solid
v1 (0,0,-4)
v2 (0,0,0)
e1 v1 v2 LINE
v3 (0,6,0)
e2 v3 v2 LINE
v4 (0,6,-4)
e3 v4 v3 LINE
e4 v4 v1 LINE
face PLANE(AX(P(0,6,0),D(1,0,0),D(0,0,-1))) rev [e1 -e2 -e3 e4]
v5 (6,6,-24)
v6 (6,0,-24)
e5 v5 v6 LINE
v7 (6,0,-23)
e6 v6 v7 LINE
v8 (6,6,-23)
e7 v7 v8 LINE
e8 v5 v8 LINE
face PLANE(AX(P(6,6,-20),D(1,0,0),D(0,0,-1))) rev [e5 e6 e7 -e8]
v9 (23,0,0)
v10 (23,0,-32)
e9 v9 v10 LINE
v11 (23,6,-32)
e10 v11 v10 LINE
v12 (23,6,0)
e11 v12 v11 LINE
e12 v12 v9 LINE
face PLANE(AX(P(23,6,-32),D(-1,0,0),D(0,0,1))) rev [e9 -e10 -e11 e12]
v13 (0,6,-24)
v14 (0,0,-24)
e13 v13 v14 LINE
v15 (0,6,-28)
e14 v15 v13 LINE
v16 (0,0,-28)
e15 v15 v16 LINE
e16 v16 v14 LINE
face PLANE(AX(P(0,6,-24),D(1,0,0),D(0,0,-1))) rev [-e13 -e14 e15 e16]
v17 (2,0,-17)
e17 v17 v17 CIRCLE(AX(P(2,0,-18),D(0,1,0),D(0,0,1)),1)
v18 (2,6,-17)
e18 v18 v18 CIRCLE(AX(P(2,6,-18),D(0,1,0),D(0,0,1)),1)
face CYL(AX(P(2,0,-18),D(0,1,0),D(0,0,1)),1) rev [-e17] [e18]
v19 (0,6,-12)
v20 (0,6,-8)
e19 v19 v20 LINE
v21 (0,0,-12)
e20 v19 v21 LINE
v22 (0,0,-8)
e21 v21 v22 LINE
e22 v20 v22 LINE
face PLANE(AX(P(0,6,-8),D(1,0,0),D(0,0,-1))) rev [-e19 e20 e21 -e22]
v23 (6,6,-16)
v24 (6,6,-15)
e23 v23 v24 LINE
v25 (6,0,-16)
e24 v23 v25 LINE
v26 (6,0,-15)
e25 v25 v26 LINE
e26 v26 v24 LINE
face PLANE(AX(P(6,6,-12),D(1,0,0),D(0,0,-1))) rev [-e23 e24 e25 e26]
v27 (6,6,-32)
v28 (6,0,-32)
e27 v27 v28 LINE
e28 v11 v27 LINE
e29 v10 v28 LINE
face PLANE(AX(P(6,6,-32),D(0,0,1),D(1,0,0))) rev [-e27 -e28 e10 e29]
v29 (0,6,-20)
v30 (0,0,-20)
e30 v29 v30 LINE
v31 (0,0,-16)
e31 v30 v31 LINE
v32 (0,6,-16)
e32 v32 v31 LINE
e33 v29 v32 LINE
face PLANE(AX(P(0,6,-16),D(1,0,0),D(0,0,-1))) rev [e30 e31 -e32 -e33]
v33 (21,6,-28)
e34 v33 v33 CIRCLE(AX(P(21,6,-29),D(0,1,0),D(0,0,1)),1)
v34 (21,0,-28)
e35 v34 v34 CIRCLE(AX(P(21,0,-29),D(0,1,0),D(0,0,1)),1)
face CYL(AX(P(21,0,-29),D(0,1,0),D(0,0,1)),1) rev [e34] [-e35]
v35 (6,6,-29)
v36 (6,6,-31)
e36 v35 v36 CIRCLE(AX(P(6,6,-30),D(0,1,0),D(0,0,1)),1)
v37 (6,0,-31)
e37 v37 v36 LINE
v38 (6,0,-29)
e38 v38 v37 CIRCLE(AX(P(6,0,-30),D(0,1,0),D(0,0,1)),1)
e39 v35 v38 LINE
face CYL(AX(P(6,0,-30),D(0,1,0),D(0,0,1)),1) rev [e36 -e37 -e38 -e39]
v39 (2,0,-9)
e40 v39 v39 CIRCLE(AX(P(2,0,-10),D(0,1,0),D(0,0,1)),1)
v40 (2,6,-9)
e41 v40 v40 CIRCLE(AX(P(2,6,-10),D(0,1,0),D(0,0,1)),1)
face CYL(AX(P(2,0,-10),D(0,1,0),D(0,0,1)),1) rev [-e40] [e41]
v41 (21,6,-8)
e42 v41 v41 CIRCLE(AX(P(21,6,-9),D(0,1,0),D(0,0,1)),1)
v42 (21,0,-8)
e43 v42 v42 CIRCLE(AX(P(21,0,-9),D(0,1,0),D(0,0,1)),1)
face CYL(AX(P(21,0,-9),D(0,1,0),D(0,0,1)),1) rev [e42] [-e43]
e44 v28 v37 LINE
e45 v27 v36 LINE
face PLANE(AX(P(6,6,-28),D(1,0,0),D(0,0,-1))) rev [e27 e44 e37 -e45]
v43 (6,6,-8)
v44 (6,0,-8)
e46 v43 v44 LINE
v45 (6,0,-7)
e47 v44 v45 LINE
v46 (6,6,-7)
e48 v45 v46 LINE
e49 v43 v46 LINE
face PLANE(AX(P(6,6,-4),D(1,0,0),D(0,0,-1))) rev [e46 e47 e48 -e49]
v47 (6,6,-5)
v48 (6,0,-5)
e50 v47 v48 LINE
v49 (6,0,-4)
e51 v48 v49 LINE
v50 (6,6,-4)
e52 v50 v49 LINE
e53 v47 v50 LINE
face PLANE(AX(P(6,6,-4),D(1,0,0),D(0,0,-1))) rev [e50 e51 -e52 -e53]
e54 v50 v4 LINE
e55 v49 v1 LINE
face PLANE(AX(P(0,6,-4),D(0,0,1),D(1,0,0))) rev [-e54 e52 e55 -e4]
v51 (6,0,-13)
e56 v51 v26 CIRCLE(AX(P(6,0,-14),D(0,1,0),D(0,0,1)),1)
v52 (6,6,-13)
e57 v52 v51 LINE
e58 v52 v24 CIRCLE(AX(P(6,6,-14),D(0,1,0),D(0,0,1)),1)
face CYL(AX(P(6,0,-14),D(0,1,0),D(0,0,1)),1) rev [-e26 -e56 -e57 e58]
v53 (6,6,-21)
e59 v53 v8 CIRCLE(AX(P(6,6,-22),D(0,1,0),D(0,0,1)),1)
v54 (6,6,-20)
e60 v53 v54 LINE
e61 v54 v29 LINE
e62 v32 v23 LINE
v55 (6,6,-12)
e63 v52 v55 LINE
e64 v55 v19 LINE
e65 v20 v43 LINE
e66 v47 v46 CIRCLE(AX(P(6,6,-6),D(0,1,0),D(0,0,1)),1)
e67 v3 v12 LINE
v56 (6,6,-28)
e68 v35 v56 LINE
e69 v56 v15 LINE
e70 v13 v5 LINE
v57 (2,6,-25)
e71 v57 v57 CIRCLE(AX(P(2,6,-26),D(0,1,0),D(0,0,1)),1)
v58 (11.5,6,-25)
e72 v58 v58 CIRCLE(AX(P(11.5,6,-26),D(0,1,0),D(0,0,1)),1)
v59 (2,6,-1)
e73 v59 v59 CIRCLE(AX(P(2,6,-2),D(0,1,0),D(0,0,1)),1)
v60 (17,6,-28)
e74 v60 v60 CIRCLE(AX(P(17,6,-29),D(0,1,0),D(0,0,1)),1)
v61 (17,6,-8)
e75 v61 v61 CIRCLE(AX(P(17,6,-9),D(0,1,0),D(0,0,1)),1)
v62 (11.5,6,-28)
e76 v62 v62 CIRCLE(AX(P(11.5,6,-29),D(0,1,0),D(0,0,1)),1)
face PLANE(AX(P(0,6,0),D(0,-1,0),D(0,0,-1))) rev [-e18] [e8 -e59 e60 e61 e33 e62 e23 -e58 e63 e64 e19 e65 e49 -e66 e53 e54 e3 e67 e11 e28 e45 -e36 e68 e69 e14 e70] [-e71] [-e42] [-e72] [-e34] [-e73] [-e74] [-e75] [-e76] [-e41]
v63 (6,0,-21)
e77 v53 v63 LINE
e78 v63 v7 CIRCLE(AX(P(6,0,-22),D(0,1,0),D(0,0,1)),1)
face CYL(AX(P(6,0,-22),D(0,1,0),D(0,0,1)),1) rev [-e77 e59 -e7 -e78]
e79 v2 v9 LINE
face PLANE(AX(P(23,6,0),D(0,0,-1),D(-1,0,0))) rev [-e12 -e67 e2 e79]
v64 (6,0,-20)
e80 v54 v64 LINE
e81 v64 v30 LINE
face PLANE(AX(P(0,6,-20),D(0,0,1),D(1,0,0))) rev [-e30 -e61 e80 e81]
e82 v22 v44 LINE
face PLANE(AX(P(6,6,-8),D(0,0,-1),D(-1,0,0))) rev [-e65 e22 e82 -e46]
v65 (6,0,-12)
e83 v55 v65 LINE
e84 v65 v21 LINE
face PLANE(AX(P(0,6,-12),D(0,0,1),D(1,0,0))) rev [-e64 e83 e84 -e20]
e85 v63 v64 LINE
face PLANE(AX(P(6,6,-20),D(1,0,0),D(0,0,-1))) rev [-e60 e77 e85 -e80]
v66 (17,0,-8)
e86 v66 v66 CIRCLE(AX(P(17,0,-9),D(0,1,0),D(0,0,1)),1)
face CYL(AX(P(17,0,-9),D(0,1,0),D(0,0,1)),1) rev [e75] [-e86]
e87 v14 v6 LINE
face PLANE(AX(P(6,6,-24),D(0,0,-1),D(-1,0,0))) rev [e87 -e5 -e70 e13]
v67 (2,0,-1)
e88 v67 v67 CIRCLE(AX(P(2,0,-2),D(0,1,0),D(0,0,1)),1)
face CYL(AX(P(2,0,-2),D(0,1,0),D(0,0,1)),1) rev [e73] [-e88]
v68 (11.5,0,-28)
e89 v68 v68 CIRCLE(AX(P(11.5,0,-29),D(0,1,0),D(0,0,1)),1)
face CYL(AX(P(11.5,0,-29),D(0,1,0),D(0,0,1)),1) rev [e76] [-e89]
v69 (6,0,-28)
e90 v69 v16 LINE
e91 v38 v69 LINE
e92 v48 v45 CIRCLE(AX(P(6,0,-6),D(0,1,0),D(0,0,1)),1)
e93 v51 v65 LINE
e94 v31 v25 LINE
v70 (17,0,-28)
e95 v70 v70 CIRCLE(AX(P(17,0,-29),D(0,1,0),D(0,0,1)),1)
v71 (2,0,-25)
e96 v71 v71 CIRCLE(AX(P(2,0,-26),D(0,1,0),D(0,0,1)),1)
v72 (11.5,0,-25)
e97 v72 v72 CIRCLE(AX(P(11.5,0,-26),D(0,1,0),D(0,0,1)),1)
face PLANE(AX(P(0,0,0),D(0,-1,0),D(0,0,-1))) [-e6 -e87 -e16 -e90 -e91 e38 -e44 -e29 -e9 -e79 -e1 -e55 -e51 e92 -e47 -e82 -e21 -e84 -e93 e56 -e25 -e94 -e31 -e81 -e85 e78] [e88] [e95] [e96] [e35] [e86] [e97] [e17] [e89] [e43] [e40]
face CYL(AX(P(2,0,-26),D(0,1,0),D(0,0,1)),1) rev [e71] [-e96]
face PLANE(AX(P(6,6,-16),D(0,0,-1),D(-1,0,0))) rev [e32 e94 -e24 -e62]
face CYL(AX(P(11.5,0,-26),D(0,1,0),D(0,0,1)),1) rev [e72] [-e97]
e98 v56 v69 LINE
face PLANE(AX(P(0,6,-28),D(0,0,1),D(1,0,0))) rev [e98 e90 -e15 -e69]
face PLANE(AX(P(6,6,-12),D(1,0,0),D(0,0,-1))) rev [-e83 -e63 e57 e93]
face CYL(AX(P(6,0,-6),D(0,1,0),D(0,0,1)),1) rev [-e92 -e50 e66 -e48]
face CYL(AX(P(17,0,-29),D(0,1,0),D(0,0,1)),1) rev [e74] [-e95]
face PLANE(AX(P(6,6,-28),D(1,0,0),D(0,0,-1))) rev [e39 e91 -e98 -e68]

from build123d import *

# Parameters (mm, degrees)
BOSS_EXTRUDE1_DEPTH = 6
SKETCH2_R           = 1
CUT_EXTRUDE1_DEPTH  = 40.862262856
SKETCH3_R           = 1
CUT_EXTRUDE2_DEPTH  = 40.862262856


with BuildPart() as part:
    # Sketch1 → Boss-Extrude1 (new body)
    with BuildSketch(Plane(origin=(0, 0, 0), x_dir=(1, 0, 0), z_dir=(0, 1, 0))):
        Polygon((0, 0), (0, 4), (6, 4), (6, 8), (0, 8), (0, 12), (6, 12), (6, 16), (0, 16), (0, 20), (6, 20), (6, 24), (0, 24), (0, 28), (6, 28), (6, 32), (23, 32), (23, 0), align=None)
    extrude(amount=BOSS_EXTRUDE1_DEPTH)

    # Sketch2 → Cut-Extrude1 (cut, through all)
    with BuildSketch(Plane(origin=(0, 6, 0), x_dir=(1, 0, 0), z_dir=(0, 1, 0))):
        with Locations(Location((2, 26, 0), (0, 0, 270))):
            Circle(SKETCH2_R)
        with Locations(Location((2, 18, 0), (0, 0, 270))):
            Circle(SKETCH2_R)
        with Locations(Location((2, 10, 0), (0, 0, 270))):
            Circle(SKETCH2_R)
        with Locations(Location((2, 2, 0), (0, 0, 270))):
            Circle(SKETCH2_R)
        with Locations((6, 22)):
            Circle(SKETCH2_R)
        with Locations((6, 30)):
            Circle(SKETCH2_R)
        with Locations((6, 14)):
            Circle(SKETCH2_R)
        with Locations((6, 6)):
            Circle(SKETCH2_R)
        with Locations(Location((21, 29, 0), (0, 0, 270))):
            Circle(SKETCH2_R)
        with Locations(Location((21, 9, 0), (0, 0, 270))):
            Circle(SKETCH2_R)
        with Locations(Location((17, 29, 0), (0, 0, 270))):
            Circle(SKETCH2_R)
        with Locations(Location((17, 9, 0), (0, 0, 270))):
            Circle(SKETCH2_R)
    extrude(amount=-CUT_EXTRUDE1_DEPTH, mode=Mode.SUBTRACT)

    # Sketch3 → Cut-Extrude2 (cut, through all)
    with BuildSketch(Plane(origin=(0, 6, 0), x_dir=(1, 0, 0), z_dir=(0, 1, 0))):
        with Locations(Location((11.5, 29, 0), (0, 0, 270))):
            Circle(SKETCH3_R)
        with Locations(Location((11.5, 26, 0), (0, 0, 270))):
            Circle(SKETCH3_R)
    extrude(amount=-CUT_EXTRUDE2_DEPTH, mode=Mode.SUBTRACT)


solid = part.part
